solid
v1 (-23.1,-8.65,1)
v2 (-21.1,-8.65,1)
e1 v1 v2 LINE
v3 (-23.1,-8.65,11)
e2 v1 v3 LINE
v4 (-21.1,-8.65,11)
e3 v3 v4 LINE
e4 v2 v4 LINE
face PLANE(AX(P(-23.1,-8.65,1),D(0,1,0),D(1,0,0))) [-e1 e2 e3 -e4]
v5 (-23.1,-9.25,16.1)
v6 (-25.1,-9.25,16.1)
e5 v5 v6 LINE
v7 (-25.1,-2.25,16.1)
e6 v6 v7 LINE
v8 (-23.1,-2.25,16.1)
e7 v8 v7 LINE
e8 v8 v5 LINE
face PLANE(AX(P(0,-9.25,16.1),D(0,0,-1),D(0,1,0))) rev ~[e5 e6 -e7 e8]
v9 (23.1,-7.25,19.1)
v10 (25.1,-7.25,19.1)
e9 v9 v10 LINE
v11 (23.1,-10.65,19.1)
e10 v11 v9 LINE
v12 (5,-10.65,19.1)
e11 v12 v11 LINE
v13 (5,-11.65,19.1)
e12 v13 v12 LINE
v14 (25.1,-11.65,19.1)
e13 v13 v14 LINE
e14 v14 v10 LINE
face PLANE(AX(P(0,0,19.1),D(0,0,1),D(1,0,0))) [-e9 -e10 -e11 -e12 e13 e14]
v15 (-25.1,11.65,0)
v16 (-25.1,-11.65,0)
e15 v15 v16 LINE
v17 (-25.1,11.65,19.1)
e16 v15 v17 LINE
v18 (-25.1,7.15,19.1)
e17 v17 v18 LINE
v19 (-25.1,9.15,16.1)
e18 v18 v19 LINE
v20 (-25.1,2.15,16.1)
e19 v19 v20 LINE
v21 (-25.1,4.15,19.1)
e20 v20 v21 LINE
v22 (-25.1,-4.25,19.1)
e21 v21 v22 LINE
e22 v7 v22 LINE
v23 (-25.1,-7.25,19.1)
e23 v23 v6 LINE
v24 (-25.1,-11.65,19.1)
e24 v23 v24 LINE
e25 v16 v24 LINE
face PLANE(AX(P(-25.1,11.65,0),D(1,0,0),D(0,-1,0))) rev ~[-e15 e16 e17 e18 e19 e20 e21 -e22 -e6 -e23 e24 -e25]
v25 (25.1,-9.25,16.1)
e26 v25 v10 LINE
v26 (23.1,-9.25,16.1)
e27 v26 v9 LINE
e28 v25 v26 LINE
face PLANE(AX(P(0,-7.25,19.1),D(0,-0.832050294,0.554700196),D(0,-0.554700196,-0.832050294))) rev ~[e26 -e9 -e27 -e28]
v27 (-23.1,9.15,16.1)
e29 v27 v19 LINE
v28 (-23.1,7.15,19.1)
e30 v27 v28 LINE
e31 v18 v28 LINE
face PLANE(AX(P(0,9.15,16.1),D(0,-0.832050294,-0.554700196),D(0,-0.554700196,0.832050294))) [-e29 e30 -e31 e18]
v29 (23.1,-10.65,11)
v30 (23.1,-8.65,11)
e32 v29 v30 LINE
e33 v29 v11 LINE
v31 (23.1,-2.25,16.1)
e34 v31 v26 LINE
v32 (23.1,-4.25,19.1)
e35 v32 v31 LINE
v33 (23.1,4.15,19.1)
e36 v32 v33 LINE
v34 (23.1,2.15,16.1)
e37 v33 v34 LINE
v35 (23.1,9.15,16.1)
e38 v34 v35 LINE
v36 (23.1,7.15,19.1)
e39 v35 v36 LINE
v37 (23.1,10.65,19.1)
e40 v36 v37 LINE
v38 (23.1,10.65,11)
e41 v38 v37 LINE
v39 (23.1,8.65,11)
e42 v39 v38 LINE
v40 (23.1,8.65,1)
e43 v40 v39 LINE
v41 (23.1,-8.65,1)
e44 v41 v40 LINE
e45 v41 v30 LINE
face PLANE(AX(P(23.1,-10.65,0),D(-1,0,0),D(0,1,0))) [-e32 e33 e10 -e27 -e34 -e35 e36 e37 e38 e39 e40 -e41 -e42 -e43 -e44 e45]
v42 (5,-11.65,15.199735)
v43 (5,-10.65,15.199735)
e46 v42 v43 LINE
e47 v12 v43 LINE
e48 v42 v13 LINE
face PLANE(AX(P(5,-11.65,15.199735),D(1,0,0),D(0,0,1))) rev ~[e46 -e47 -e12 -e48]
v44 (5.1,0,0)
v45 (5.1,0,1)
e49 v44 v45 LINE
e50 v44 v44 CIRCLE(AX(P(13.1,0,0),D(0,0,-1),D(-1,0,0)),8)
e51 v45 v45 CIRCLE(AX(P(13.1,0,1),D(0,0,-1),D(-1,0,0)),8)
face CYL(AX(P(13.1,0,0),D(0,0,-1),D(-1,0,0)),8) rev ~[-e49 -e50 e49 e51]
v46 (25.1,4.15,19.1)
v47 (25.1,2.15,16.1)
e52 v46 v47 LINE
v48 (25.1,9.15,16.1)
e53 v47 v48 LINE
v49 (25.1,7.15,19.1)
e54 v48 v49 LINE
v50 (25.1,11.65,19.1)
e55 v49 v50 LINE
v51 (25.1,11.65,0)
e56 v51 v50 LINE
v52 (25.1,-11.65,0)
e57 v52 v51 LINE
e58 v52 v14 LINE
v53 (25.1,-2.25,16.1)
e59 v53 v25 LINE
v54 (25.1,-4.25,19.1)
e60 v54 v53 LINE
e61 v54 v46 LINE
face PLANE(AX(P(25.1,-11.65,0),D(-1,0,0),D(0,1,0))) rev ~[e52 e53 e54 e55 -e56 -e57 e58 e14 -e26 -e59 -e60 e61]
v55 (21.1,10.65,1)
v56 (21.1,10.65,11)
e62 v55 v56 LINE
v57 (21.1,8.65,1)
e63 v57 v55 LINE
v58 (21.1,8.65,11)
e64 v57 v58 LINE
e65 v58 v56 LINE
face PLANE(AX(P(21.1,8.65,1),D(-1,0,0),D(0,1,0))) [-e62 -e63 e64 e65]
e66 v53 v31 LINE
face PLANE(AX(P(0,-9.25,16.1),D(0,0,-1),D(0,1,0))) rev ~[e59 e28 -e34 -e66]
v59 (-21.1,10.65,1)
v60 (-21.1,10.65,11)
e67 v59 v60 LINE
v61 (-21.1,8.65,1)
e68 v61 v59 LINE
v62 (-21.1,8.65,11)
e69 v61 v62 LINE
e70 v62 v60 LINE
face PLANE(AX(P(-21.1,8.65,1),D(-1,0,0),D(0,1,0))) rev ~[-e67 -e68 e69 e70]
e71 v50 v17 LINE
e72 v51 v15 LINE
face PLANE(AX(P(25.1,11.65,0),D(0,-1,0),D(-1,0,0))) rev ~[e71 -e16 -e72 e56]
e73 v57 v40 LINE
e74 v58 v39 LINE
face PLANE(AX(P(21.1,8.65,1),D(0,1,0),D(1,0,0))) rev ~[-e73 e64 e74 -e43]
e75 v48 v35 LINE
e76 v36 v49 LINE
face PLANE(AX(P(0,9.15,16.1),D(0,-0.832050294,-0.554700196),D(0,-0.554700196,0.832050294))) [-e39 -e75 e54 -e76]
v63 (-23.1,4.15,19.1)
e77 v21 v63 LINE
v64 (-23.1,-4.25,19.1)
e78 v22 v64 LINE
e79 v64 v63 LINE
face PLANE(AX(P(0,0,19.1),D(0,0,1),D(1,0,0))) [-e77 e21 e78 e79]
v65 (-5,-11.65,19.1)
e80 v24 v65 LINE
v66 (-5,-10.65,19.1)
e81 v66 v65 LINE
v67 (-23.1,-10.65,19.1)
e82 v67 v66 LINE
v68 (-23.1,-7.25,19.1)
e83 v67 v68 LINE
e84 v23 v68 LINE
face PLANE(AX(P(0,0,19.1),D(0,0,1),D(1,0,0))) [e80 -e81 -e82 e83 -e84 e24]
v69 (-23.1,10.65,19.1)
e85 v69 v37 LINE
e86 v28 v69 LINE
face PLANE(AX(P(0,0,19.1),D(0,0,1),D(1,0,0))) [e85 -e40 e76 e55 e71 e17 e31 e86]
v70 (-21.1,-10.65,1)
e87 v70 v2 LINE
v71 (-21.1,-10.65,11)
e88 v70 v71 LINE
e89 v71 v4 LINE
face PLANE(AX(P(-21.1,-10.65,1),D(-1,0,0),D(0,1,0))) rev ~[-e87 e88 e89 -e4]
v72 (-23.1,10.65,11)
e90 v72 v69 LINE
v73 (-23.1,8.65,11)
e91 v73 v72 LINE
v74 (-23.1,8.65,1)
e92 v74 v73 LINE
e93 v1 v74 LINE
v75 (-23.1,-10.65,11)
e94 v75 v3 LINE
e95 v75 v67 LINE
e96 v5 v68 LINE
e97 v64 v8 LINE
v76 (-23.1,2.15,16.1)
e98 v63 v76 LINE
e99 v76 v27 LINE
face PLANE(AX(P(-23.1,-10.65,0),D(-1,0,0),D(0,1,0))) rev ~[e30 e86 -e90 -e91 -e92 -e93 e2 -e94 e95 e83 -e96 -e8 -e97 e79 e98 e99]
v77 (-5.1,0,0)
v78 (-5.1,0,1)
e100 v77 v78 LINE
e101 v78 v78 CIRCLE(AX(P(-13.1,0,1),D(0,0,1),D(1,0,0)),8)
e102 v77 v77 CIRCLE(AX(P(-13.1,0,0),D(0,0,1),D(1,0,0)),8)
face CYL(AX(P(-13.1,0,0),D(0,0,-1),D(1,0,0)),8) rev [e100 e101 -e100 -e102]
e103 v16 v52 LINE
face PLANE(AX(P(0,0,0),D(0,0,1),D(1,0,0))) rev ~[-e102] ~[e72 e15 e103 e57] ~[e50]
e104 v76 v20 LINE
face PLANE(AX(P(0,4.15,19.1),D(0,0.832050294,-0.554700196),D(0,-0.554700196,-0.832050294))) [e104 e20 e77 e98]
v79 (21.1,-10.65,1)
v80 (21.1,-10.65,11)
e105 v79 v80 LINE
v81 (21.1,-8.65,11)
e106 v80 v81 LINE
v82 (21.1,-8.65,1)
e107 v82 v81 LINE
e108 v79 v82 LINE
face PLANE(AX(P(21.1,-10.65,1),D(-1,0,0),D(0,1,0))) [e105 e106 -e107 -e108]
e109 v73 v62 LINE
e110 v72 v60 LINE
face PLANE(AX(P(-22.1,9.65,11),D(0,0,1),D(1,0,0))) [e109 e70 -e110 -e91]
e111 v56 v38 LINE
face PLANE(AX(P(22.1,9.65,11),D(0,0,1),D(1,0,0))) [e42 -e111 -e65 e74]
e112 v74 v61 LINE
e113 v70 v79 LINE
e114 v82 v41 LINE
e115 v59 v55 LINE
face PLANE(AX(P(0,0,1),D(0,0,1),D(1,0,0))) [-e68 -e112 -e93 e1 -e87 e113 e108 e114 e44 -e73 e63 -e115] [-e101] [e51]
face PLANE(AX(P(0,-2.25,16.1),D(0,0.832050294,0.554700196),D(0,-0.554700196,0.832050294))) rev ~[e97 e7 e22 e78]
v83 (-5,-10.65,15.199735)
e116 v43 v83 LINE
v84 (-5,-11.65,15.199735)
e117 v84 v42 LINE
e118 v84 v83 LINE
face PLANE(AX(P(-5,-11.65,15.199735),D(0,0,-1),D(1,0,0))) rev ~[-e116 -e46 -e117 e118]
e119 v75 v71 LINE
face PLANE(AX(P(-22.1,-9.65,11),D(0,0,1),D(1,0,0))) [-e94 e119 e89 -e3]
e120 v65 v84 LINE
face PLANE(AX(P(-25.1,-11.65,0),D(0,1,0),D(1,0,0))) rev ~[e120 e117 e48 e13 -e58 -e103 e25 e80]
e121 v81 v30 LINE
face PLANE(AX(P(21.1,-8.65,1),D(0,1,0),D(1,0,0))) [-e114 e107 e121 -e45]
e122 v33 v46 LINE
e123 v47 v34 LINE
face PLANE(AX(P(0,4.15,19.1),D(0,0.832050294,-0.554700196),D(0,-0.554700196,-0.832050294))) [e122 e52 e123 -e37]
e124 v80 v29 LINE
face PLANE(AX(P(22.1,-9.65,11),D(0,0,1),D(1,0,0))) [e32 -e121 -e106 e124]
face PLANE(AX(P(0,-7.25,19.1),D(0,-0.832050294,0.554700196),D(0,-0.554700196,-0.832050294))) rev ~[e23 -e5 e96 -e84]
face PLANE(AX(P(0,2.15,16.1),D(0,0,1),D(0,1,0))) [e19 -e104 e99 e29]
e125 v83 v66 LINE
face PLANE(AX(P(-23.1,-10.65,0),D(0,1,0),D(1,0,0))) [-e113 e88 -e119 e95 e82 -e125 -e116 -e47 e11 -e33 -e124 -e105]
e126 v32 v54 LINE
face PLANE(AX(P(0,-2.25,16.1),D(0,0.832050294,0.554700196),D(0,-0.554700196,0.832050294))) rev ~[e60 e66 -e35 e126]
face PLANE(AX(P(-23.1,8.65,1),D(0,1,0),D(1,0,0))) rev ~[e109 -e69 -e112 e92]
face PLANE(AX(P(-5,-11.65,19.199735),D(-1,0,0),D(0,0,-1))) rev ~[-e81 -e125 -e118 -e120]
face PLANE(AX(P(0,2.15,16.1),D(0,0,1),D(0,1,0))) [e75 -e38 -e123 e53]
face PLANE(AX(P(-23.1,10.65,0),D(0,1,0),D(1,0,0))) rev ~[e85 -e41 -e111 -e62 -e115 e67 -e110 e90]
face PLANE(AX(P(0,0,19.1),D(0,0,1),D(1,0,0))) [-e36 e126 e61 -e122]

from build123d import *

# Parameters (mm, degrees)
F0_W     = 46.2
F0_H     = 21.3
F1_DEPTH = 19.1
F0_R     = 8
F2_DEPTH = 1
F3_W     = 10
F3_H     = 0.0997345659
F3_H_2   = 3.9002654341
F4_DEPTH = 4
F6_DEPTH = 28
F7_W     = 2
F7_H     = 2
F8_DEPTH = 10


with BuildPart() as f1:
    # F0 (on Top) → F1 (new body)
    with BuildSketch(Plane.XY):
        Polygon((24.1, 11.65), (-24.1, 11.65), (-25.1, 11.65), (-25.1, -11.65), (-24.1, -11.65), (24.4, -11.65), (25.1, -11.65), (25.1, 11.65), align=None)
        Rectangle(F0_W, F0_H, mode=Mode.SUBTRACT)
    extrude(amount=F1_DEPTH)

    # F0 (on Top) → F2 (join)
    with BuildSketch(Plane.XY):
        Rectangle(F0_W, F0_H)
        with Locations((-13.1, 0)):
            Circle(F0_R, mode=Mode.SUBTRACT)
        with BuildLine():
            ThreePointArc((21.1, 0), (13.1, -8), (5.1, 0))
            ThreePointArc((5.1, 0), (13.1, 8), (21.1, 0))
        make_face(mode=Mode.SUBTRACT)
    extrude(amount=F2_DEPTH)

    # F3 (on face) → F4 (cut)
    with BuildSketch(Plane.XZ.offset(11.65)):
        with Locations((0, 19.1498672829)):
            Rectangle(F3_W, F3_H)
        with Locations((0, 17.1498672829)):
            Rectangle(F3_W, F3_H_2)
    extrude(amount=-F4_DEPTH, mode=Mode.SUBTRACT)

    # F5 (on Right) → F6 (cut, symmetric)
    with BuildSketch(Plane.YZ):
        Polygon((9.15, 16.1), (7.15, 19.1), (4.15, 19.1), (2.15, 16.1), align=None)
        Polygon((-2.25, 16.1), (-4.25, 19.1), (-7.25, 19.1), (-9.25, 16.1), align=None)
    extrude(amount=F6_DEPTH, both=True, mode=Mode.SUBTRACT)

    # F7 (on face) → F8 (join)
    with BuildSketch(Plane.XY.offset(1)):
        with Locations((-22.1, 9.65)):
            Rectangle(F7_W, F7_H)
        with Locations((-22.1, -9.65)):
            Rectangle(F7_W, F7_H)
        with Locations((22.1, -9.65)):
            Rectangle(F7_W, F7_H)
        with Locations((22.1, 9.65)):
            Rectangle(F7_W, F7_H)
    extrude(amount=F8_DEPTH)


solid = f1.part
